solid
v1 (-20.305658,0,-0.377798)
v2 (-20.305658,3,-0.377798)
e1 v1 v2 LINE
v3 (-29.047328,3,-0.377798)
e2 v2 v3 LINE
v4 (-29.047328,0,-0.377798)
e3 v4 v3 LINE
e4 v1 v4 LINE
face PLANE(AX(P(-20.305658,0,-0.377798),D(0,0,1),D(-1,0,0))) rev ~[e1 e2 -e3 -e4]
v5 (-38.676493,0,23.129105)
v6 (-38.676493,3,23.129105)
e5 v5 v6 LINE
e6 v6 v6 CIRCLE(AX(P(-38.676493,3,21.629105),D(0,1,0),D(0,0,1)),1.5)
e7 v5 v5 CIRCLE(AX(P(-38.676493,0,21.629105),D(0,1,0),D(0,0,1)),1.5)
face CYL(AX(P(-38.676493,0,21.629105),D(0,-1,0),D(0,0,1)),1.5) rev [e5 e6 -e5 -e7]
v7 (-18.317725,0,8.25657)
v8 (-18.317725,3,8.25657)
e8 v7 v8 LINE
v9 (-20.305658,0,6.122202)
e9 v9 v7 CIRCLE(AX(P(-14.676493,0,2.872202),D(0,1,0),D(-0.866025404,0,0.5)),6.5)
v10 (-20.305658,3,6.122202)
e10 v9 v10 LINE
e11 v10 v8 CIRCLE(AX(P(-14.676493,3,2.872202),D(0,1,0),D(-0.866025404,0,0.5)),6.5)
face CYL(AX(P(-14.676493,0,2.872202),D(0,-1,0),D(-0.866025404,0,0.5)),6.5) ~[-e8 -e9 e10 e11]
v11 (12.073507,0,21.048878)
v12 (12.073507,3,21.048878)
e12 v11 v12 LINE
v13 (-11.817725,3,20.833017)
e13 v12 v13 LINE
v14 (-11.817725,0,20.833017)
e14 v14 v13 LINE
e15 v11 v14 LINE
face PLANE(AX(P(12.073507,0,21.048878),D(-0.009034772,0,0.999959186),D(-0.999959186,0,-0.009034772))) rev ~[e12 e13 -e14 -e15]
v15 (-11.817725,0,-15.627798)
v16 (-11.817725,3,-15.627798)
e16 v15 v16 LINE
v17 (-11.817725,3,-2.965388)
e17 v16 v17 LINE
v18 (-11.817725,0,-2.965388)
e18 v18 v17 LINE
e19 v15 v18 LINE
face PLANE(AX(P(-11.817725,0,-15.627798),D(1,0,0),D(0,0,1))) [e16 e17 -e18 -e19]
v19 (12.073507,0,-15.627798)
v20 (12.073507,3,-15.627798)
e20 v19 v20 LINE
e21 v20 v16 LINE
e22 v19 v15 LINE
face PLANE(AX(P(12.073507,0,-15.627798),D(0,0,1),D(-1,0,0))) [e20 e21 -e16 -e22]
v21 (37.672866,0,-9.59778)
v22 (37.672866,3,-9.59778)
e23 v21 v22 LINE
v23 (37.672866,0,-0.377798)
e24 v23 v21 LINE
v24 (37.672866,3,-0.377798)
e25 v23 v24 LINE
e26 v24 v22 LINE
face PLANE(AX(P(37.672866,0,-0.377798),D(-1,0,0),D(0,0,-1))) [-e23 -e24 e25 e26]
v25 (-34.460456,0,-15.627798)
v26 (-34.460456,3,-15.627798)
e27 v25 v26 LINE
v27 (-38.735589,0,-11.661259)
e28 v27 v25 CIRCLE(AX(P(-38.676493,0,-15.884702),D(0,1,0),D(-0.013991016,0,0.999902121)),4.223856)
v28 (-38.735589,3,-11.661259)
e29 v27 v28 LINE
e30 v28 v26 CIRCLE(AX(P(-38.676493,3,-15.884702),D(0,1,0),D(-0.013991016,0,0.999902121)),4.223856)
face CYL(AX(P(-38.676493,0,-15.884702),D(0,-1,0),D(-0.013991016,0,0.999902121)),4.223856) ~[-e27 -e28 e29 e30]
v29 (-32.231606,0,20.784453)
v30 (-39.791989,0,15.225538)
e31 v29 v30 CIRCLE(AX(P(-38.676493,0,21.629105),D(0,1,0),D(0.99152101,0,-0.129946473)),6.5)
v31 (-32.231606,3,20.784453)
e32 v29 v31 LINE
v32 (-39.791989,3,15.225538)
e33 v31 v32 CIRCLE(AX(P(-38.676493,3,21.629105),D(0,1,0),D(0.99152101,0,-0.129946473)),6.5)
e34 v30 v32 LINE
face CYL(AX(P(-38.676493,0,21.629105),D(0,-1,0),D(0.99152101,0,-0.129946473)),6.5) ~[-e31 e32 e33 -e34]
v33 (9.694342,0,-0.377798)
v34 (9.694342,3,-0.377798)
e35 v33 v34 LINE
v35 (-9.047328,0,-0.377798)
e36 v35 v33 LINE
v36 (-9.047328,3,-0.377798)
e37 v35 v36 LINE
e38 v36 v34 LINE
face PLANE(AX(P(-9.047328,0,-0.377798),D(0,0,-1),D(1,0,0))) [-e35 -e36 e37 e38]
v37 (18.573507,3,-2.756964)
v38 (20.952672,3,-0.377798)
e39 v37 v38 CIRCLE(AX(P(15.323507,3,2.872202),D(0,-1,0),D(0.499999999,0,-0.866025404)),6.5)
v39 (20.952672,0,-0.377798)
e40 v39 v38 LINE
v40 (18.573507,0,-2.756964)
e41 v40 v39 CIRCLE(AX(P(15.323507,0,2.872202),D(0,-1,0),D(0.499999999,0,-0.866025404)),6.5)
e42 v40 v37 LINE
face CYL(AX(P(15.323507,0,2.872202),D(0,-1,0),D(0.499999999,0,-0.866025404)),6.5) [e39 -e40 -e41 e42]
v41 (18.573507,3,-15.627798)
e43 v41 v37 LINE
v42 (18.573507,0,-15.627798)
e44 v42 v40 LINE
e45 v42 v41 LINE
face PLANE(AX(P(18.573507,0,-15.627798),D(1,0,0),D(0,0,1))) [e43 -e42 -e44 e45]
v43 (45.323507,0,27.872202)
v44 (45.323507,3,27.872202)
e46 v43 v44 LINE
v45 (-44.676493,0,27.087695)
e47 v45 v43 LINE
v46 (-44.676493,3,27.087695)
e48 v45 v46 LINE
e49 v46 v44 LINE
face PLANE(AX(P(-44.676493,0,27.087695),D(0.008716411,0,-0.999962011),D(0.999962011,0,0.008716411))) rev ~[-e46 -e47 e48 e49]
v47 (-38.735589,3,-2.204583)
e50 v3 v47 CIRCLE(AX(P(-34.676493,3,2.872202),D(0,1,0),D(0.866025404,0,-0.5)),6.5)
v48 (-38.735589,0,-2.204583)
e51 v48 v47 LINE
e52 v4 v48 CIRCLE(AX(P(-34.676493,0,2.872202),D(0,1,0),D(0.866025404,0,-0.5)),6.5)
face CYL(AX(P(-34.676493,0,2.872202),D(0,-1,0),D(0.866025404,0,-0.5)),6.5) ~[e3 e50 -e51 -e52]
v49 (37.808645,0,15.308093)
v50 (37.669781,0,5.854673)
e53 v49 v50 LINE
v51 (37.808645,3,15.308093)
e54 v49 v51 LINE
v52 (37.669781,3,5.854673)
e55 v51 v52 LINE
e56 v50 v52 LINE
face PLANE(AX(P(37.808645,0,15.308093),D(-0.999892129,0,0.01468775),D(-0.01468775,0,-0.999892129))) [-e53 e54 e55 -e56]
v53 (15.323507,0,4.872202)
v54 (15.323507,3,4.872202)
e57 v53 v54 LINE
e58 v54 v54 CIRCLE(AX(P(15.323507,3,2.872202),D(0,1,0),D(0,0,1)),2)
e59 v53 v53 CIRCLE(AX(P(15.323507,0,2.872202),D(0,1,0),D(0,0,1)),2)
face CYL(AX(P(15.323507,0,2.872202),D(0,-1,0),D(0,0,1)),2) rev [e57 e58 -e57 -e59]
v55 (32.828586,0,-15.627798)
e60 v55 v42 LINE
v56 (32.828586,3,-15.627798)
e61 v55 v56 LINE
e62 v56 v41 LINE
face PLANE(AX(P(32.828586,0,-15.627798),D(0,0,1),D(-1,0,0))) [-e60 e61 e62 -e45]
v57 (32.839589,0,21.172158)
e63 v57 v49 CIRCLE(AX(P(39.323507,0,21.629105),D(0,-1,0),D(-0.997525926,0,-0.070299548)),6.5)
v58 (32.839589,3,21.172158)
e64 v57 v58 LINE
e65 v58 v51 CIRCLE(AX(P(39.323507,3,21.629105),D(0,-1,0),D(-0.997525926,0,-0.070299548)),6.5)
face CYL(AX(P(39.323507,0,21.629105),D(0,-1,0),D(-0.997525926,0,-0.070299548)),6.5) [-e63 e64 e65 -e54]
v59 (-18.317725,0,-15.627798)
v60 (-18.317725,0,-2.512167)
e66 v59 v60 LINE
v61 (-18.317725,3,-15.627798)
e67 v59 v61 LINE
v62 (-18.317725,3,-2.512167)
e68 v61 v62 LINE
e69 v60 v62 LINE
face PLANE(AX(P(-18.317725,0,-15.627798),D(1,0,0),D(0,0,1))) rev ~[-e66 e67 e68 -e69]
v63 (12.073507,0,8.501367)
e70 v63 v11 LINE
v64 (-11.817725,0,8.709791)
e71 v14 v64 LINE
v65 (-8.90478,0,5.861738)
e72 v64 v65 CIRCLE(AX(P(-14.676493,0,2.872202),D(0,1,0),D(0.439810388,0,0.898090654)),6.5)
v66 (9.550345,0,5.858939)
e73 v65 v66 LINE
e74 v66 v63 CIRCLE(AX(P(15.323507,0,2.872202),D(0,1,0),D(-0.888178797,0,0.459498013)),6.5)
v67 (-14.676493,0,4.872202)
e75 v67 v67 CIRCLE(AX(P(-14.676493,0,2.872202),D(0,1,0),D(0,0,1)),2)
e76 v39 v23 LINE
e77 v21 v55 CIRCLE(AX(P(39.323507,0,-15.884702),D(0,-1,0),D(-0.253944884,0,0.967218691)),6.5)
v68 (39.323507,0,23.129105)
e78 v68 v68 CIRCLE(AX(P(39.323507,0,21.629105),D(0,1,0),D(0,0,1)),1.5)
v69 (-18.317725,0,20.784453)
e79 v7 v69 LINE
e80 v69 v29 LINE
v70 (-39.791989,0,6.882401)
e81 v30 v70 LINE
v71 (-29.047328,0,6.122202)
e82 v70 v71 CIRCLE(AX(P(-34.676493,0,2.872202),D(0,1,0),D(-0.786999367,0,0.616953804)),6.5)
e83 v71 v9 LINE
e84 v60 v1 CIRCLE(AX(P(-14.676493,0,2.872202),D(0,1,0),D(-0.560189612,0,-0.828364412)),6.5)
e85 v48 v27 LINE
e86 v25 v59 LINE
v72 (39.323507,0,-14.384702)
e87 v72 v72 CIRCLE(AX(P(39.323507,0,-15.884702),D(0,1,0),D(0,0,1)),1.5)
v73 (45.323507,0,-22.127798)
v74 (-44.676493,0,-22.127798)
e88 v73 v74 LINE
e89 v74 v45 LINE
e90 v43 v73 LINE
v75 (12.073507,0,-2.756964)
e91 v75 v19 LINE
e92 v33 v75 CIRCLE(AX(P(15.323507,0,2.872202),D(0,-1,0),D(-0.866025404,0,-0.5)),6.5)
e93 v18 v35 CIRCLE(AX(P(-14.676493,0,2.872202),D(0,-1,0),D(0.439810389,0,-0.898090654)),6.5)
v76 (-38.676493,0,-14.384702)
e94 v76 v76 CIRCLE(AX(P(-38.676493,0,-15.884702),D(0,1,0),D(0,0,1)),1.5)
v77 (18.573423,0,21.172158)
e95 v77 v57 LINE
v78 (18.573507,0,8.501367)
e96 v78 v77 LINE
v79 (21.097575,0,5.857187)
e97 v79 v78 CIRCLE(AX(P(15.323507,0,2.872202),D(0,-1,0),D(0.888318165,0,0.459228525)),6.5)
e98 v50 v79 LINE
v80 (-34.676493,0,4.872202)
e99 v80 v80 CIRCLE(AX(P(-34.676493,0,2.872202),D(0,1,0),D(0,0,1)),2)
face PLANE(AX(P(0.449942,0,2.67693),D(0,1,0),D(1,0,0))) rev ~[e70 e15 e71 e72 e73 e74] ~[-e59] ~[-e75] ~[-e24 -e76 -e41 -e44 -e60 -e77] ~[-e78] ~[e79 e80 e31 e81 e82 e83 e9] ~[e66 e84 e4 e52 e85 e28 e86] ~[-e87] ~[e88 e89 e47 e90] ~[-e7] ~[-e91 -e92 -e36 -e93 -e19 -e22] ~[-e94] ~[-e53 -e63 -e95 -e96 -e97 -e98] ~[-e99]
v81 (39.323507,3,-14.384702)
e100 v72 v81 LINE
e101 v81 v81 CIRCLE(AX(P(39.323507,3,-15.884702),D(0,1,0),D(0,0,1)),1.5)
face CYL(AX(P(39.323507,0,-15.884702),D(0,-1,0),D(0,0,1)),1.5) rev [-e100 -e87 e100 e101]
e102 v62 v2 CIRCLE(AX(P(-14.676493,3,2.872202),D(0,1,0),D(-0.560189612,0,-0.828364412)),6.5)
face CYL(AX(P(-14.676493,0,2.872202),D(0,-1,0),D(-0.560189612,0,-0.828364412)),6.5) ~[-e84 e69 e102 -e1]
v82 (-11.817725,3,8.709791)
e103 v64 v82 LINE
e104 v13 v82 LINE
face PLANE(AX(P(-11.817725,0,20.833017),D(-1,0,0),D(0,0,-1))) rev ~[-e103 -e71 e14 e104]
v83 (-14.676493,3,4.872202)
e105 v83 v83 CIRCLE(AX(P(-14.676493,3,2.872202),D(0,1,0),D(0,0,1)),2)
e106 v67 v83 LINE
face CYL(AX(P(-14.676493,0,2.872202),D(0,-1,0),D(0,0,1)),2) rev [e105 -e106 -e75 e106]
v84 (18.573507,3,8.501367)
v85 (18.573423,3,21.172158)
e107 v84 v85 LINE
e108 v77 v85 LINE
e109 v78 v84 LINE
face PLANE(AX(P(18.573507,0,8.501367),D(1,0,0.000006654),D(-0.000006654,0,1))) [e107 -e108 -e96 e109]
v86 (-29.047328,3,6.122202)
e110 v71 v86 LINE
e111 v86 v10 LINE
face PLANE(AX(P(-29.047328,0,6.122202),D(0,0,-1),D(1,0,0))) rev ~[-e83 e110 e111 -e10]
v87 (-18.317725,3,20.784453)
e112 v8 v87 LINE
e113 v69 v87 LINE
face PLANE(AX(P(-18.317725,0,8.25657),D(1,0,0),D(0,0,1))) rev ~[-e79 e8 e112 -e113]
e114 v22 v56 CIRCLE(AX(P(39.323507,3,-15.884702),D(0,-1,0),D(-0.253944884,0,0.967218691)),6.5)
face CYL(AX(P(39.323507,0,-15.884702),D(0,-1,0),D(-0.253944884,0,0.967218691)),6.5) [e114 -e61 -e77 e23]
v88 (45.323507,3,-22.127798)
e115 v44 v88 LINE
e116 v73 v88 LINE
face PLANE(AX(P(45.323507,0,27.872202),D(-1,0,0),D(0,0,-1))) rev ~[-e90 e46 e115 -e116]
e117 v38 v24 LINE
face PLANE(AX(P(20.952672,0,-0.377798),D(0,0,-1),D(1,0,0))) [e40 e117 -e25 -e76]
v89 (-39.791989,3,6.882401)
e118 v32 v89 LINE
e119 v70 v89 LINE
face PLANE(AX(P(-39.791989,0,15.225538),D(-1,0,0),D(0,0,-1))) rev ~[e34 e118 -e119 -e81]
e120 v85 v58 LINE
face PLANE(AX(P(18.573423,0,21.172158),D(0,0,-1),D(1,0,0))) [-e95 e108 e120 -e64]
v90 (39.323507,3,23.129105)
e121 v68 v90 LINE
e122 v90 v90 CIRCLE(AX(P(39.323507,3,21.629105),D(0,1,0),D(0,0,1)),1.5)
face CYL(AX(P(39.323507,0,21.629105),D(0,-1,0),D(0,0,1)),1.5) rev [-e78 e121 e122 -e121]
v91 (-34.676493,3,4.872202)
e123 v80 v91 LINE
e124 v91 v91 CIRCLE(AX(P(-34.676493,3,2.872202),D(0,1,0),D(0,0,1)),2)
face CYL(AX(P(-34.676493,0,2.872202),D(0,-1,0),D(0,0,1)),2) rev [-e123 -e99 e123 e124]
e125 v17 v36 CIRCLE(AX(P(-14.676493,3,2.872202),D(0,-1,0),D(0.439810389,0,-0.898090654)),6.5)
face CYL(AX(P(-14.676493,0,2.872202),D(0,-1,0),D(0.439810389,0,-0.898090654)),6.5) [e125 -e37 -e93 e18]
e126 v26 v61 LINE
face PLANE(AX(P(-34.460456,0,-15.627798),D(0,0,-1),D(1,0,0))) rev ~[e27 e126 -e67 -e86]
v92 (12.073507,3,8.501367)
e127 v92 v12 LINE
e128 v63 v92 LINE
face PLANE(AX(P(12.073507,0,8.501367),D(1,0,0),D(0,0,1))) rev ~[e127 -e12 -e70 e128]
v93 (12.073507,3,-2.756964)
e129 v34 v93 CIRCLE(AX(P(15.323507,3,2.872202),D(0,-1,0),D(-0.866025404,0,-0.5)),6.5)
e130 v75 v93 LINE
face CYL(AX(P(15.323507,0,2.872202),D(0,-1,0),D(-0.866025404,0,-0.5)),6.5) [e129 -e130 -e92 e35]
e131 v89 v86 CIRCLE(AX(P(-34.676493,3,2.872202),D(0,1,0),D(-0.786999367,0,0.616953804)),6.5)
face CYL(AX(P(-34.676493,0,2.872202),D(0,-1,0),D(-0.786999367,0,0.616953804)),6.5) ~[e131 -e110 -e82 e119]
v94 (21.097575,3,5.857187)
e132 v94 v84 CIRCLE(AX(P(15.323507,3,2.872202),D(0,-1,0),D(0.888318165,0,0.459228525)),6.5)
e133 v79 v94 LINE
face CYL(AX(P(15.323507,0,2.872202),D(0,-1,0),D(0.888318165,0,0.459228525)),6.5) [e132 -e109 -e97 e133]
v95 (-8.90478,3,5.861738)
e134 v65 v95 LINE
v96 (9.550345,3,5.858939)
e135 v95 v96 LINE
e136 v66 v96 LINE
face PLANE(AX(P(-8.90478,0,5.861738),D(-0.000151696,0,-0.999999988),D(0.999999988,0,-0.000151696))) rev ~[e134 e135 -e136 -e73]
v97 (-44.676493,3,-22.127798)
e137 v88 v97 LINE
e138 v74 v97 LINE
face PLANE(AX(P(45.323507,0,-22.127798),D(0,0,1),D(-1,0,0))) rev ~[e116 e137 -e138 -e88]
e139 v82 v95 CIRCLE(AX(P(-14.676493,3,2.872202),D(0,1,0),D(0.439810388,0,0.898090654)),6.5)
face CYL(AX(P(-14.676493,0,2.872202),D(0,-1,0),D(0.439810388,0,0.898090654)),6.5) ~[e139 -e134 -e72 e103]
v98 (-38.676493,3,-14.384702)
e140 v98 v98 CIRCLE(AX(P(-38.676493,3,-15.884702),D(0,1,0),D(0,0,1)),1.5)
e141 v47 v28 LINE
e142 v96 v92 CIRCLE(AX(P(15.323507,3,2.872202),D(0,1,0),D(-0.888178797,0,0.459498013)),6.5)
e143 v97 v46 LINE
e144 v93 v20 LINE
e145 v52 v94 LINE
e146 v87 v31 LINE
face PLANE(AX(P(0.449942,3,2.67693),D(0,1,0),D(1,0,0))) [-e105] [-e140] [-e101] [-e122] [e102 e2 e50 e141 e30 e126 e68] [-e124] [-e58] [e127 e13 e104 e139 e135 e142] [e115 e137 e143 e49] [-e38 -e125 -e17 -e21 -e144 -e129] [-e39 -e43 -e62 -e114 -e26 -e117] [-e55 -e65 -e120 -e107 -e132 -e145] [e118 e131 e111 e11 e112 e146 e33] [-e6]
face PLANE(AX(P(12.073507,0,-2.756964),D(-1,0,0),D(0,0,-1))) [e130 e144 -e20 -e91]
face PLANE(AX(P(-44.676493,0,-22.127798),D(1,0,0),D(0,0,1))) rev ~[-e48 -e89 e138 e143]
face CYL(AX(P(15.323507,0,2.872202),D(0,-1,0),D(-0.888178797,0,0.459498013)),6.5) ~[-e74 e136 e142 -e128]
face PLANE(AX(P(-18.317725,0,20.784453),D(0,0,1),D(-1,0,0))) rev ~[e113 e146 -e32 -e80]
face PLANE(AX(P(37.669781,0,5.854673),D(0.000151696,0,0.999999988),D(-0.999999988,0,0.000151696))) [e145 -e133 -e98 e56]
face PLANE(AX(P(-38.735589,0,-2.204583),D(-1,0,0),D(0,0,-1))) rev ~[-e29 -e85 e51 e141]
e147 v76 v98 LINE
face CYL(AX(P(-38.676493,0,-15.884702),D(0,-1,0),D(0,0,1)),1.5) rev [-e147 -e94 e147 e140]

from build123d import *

# Parameters (mm, degrees)
SKETCH1_R           = 2
SKETCH1_R_2         = 1.5
BOSS_EXTRUDE1_DEPTH = 3


with BuildPart() as part:
    # Sketch1 → Boss-Extrude1 (new body)
    with BuildSketch(Plane(origin=(0, 0, 0), x_dir=(1, 0, 0), z_dir=(0, 1, 0))):
        Polygon((-44.676492644, 22.127798429), (-44.676492644, -27.087694748), (45.323507356, -27.872201571), (45.323507356, 22.127798429), align=None)
        with Locations(Location((-14.676492644, -2.872201571, 0), (0, 0, 270))):
            Circle(SKETCH1_R, mode=Mode.SUBTRACT)
        with Locations(Location((-34.676492644, -2.872201571, 0), (0, 0, 270))):
            Circle(SKETCH1_R, mode=Mode.SUBTRACT)
        with Locations(Location((15.323507356, -2.872201571, 0), (0, 0, 270))):
            Circle(SKETCH1_R, mode=Mode.SUBTRACT)
        with Locations(Location((-38.676492644, 15.884701617, 0), (0, 0, 270))):
            Circle(SKETCH1_R_2, mode=Mode.SUBTRACT)
        with Locations(Location((-38.676492644, -21.62910476, 0), (0, 0, 270))):
            Circle(SKETCH1_R_2, mode=Mode.SUBTRACT)
        with Locations(Location((39.323507356, 15.884701617, 0), (0, 0, 270))):
            Circle(SKETCH1_R_2, mode=Mode.SUBTRACT)
        with Locations(Location((39.323507356, -21.62910476, 0), (0, 0, 270))):
            Circle(SKETCH1_R_2, mode=Mode.SUBTRACT)
        with BuildLine():
            Line((-34.460456453, 15.627798429), (-18.317725118, 15.627798429))
            Line((-18.317725118, 15.627798429), (-18.317725118, 2.512167108))
            ThreePointArc((-18.317725118, 2.512167108), (-19.4329567, 1.557928187), (-20.305657768, 0.377798429))
            Line((-20.305657768, 0.377798429), (-29.047327519, 0.377798429))
            ThreePointArc((-29.047327519, 0.377798429), (-33.472098814, 3.51524201), (-38.735588684, 2.204582778))
            Line((-38.735588684, 2.204582778), (-38.735588684, 11.661258938))
            ThreePointArc((-38.735588684, 11.661258938), (-35.803620086, 12.788322495), (-34.460456453, 15.627798429))
        make_face(mode=Mode.SUBTRACT)
        with BuildLine():
            Line((-11.817725118, 15.627798429), (-11.817725118, 2.965387677))
            ThreePointArc((-11.817725118, 2.965387677), (-10.2396971, 1.878045296), (-9.047327519, 0.377798429))
            Line((-9.047327519, 0.377798429), (9.694342232, 0.377798429))
            ThreePointArc((9.694342232, 0.377798429), (10.727313279, 1.723992507), (12.073507356, 2.756963553))
            Line((12.073507356, 2.756963553), (12.073507356, 15.627798429))
            Line((12.073507356, 15.627798429), (-11.817725118, 15.627798429))
        make_face(mode=Mode.SUBTRACT)
        with BuildLine():
            Line((-8.904779675, -5.861738225), (9.550345172, -5.858938653))
            ThreePointArc((9.550345172, -5.858938653), (10.622446791, -7.361080001), (12.073507356, -8.501366696))
            Line((12.073507356, -8.501366696), (12.073507356, -21.048878052))
            Line((12.073507356, -21.048878052), (-11.817725118, -20.833017395))
            Line((-11.817725118, -20.833017395), (-11.817725118, -8.709790819))
            ThreePointArc((-11.817725118, -8.709790819), (-10.132359141, -7.519873108), (-8.904779675, -5.861738225))
        make_face(mode=Mode.SUBTRACT)
        with BuildLine():
            Line((-18.317725118, -8.25657025), (-18.317725118, -20.784452687))
            Line((-18.317725118, -20.784452687), (-32.231606076, -20.784452687))
            ThreePointArc((-32.231606076, -20.784452687), (-34.826040106, -16.392310392), (-39.79198853, -15.225537869))
            Line((-39.79198853, -15.225537869), (-39.79198853, -6.882401296))
            ThreePointArc((-39.79198853, -6.882401296), (-34.217755326, -9.355993677), (-29.047327519, -6.122201571))
            Line((-29.047327519, -6.122201571), (-20.305657768, -6.122201571))
            ThreePointArc((-20.305657768, -6.122201571), (-19.4329567, -7.30233133), (-18.317725118, -8.25657025))
        make_face(mode=Mode.SUBTRACT)
        with BuildLine():
            Line((18.573507356, 15.627798429), (18.573507356, 2.756963553))
            ThreePointArc((18.573507356, 2.756963553), (19.919701434, 1.723992507), (20.952672481, 0.377798429))
            Line((20.952672481, 0.377798429), (37.672865612, 0.377798429))
            Line((37.672865612, 0.377798429), (37.672865612, 9.597780127))
            ThreePointArc((37.672865612, 9.597780127), (34.256177793, 11.81380846), (32.828586206, 15.627798429))
            Line((32.828586206, 15.627798429), (18.573507356, 15.627798429))
        make_face(mode=Mode.SUBTRACT)
        with BuildLine():
            Line((18.573507356, -8.501366696), (18.573423049, -21.172157696))
            Line((18.573423049, -21.172157696), (32.839588836, -21.172157696))
            ThreePointArc((32.839588836, -21.172157696), (34.364481553, -17.426954943), (37.808645365, -15.308092725))
            Line((37.808645365, -15.308092725), (37.669780925, -5.854673043))
            Line((37.669780925, -5.854673043), (21.097575428, -5.857186983))
            ThreePointArc((21.097575428, -5.857186983), (20.025248813, -7.360366817), (18.573507356, -8.501366696))
        make_face(mode=Mode.SUBTRACT)
    extrude(amount=BOSS_EXTRUDE1_DEPTH)


solid = part.part
